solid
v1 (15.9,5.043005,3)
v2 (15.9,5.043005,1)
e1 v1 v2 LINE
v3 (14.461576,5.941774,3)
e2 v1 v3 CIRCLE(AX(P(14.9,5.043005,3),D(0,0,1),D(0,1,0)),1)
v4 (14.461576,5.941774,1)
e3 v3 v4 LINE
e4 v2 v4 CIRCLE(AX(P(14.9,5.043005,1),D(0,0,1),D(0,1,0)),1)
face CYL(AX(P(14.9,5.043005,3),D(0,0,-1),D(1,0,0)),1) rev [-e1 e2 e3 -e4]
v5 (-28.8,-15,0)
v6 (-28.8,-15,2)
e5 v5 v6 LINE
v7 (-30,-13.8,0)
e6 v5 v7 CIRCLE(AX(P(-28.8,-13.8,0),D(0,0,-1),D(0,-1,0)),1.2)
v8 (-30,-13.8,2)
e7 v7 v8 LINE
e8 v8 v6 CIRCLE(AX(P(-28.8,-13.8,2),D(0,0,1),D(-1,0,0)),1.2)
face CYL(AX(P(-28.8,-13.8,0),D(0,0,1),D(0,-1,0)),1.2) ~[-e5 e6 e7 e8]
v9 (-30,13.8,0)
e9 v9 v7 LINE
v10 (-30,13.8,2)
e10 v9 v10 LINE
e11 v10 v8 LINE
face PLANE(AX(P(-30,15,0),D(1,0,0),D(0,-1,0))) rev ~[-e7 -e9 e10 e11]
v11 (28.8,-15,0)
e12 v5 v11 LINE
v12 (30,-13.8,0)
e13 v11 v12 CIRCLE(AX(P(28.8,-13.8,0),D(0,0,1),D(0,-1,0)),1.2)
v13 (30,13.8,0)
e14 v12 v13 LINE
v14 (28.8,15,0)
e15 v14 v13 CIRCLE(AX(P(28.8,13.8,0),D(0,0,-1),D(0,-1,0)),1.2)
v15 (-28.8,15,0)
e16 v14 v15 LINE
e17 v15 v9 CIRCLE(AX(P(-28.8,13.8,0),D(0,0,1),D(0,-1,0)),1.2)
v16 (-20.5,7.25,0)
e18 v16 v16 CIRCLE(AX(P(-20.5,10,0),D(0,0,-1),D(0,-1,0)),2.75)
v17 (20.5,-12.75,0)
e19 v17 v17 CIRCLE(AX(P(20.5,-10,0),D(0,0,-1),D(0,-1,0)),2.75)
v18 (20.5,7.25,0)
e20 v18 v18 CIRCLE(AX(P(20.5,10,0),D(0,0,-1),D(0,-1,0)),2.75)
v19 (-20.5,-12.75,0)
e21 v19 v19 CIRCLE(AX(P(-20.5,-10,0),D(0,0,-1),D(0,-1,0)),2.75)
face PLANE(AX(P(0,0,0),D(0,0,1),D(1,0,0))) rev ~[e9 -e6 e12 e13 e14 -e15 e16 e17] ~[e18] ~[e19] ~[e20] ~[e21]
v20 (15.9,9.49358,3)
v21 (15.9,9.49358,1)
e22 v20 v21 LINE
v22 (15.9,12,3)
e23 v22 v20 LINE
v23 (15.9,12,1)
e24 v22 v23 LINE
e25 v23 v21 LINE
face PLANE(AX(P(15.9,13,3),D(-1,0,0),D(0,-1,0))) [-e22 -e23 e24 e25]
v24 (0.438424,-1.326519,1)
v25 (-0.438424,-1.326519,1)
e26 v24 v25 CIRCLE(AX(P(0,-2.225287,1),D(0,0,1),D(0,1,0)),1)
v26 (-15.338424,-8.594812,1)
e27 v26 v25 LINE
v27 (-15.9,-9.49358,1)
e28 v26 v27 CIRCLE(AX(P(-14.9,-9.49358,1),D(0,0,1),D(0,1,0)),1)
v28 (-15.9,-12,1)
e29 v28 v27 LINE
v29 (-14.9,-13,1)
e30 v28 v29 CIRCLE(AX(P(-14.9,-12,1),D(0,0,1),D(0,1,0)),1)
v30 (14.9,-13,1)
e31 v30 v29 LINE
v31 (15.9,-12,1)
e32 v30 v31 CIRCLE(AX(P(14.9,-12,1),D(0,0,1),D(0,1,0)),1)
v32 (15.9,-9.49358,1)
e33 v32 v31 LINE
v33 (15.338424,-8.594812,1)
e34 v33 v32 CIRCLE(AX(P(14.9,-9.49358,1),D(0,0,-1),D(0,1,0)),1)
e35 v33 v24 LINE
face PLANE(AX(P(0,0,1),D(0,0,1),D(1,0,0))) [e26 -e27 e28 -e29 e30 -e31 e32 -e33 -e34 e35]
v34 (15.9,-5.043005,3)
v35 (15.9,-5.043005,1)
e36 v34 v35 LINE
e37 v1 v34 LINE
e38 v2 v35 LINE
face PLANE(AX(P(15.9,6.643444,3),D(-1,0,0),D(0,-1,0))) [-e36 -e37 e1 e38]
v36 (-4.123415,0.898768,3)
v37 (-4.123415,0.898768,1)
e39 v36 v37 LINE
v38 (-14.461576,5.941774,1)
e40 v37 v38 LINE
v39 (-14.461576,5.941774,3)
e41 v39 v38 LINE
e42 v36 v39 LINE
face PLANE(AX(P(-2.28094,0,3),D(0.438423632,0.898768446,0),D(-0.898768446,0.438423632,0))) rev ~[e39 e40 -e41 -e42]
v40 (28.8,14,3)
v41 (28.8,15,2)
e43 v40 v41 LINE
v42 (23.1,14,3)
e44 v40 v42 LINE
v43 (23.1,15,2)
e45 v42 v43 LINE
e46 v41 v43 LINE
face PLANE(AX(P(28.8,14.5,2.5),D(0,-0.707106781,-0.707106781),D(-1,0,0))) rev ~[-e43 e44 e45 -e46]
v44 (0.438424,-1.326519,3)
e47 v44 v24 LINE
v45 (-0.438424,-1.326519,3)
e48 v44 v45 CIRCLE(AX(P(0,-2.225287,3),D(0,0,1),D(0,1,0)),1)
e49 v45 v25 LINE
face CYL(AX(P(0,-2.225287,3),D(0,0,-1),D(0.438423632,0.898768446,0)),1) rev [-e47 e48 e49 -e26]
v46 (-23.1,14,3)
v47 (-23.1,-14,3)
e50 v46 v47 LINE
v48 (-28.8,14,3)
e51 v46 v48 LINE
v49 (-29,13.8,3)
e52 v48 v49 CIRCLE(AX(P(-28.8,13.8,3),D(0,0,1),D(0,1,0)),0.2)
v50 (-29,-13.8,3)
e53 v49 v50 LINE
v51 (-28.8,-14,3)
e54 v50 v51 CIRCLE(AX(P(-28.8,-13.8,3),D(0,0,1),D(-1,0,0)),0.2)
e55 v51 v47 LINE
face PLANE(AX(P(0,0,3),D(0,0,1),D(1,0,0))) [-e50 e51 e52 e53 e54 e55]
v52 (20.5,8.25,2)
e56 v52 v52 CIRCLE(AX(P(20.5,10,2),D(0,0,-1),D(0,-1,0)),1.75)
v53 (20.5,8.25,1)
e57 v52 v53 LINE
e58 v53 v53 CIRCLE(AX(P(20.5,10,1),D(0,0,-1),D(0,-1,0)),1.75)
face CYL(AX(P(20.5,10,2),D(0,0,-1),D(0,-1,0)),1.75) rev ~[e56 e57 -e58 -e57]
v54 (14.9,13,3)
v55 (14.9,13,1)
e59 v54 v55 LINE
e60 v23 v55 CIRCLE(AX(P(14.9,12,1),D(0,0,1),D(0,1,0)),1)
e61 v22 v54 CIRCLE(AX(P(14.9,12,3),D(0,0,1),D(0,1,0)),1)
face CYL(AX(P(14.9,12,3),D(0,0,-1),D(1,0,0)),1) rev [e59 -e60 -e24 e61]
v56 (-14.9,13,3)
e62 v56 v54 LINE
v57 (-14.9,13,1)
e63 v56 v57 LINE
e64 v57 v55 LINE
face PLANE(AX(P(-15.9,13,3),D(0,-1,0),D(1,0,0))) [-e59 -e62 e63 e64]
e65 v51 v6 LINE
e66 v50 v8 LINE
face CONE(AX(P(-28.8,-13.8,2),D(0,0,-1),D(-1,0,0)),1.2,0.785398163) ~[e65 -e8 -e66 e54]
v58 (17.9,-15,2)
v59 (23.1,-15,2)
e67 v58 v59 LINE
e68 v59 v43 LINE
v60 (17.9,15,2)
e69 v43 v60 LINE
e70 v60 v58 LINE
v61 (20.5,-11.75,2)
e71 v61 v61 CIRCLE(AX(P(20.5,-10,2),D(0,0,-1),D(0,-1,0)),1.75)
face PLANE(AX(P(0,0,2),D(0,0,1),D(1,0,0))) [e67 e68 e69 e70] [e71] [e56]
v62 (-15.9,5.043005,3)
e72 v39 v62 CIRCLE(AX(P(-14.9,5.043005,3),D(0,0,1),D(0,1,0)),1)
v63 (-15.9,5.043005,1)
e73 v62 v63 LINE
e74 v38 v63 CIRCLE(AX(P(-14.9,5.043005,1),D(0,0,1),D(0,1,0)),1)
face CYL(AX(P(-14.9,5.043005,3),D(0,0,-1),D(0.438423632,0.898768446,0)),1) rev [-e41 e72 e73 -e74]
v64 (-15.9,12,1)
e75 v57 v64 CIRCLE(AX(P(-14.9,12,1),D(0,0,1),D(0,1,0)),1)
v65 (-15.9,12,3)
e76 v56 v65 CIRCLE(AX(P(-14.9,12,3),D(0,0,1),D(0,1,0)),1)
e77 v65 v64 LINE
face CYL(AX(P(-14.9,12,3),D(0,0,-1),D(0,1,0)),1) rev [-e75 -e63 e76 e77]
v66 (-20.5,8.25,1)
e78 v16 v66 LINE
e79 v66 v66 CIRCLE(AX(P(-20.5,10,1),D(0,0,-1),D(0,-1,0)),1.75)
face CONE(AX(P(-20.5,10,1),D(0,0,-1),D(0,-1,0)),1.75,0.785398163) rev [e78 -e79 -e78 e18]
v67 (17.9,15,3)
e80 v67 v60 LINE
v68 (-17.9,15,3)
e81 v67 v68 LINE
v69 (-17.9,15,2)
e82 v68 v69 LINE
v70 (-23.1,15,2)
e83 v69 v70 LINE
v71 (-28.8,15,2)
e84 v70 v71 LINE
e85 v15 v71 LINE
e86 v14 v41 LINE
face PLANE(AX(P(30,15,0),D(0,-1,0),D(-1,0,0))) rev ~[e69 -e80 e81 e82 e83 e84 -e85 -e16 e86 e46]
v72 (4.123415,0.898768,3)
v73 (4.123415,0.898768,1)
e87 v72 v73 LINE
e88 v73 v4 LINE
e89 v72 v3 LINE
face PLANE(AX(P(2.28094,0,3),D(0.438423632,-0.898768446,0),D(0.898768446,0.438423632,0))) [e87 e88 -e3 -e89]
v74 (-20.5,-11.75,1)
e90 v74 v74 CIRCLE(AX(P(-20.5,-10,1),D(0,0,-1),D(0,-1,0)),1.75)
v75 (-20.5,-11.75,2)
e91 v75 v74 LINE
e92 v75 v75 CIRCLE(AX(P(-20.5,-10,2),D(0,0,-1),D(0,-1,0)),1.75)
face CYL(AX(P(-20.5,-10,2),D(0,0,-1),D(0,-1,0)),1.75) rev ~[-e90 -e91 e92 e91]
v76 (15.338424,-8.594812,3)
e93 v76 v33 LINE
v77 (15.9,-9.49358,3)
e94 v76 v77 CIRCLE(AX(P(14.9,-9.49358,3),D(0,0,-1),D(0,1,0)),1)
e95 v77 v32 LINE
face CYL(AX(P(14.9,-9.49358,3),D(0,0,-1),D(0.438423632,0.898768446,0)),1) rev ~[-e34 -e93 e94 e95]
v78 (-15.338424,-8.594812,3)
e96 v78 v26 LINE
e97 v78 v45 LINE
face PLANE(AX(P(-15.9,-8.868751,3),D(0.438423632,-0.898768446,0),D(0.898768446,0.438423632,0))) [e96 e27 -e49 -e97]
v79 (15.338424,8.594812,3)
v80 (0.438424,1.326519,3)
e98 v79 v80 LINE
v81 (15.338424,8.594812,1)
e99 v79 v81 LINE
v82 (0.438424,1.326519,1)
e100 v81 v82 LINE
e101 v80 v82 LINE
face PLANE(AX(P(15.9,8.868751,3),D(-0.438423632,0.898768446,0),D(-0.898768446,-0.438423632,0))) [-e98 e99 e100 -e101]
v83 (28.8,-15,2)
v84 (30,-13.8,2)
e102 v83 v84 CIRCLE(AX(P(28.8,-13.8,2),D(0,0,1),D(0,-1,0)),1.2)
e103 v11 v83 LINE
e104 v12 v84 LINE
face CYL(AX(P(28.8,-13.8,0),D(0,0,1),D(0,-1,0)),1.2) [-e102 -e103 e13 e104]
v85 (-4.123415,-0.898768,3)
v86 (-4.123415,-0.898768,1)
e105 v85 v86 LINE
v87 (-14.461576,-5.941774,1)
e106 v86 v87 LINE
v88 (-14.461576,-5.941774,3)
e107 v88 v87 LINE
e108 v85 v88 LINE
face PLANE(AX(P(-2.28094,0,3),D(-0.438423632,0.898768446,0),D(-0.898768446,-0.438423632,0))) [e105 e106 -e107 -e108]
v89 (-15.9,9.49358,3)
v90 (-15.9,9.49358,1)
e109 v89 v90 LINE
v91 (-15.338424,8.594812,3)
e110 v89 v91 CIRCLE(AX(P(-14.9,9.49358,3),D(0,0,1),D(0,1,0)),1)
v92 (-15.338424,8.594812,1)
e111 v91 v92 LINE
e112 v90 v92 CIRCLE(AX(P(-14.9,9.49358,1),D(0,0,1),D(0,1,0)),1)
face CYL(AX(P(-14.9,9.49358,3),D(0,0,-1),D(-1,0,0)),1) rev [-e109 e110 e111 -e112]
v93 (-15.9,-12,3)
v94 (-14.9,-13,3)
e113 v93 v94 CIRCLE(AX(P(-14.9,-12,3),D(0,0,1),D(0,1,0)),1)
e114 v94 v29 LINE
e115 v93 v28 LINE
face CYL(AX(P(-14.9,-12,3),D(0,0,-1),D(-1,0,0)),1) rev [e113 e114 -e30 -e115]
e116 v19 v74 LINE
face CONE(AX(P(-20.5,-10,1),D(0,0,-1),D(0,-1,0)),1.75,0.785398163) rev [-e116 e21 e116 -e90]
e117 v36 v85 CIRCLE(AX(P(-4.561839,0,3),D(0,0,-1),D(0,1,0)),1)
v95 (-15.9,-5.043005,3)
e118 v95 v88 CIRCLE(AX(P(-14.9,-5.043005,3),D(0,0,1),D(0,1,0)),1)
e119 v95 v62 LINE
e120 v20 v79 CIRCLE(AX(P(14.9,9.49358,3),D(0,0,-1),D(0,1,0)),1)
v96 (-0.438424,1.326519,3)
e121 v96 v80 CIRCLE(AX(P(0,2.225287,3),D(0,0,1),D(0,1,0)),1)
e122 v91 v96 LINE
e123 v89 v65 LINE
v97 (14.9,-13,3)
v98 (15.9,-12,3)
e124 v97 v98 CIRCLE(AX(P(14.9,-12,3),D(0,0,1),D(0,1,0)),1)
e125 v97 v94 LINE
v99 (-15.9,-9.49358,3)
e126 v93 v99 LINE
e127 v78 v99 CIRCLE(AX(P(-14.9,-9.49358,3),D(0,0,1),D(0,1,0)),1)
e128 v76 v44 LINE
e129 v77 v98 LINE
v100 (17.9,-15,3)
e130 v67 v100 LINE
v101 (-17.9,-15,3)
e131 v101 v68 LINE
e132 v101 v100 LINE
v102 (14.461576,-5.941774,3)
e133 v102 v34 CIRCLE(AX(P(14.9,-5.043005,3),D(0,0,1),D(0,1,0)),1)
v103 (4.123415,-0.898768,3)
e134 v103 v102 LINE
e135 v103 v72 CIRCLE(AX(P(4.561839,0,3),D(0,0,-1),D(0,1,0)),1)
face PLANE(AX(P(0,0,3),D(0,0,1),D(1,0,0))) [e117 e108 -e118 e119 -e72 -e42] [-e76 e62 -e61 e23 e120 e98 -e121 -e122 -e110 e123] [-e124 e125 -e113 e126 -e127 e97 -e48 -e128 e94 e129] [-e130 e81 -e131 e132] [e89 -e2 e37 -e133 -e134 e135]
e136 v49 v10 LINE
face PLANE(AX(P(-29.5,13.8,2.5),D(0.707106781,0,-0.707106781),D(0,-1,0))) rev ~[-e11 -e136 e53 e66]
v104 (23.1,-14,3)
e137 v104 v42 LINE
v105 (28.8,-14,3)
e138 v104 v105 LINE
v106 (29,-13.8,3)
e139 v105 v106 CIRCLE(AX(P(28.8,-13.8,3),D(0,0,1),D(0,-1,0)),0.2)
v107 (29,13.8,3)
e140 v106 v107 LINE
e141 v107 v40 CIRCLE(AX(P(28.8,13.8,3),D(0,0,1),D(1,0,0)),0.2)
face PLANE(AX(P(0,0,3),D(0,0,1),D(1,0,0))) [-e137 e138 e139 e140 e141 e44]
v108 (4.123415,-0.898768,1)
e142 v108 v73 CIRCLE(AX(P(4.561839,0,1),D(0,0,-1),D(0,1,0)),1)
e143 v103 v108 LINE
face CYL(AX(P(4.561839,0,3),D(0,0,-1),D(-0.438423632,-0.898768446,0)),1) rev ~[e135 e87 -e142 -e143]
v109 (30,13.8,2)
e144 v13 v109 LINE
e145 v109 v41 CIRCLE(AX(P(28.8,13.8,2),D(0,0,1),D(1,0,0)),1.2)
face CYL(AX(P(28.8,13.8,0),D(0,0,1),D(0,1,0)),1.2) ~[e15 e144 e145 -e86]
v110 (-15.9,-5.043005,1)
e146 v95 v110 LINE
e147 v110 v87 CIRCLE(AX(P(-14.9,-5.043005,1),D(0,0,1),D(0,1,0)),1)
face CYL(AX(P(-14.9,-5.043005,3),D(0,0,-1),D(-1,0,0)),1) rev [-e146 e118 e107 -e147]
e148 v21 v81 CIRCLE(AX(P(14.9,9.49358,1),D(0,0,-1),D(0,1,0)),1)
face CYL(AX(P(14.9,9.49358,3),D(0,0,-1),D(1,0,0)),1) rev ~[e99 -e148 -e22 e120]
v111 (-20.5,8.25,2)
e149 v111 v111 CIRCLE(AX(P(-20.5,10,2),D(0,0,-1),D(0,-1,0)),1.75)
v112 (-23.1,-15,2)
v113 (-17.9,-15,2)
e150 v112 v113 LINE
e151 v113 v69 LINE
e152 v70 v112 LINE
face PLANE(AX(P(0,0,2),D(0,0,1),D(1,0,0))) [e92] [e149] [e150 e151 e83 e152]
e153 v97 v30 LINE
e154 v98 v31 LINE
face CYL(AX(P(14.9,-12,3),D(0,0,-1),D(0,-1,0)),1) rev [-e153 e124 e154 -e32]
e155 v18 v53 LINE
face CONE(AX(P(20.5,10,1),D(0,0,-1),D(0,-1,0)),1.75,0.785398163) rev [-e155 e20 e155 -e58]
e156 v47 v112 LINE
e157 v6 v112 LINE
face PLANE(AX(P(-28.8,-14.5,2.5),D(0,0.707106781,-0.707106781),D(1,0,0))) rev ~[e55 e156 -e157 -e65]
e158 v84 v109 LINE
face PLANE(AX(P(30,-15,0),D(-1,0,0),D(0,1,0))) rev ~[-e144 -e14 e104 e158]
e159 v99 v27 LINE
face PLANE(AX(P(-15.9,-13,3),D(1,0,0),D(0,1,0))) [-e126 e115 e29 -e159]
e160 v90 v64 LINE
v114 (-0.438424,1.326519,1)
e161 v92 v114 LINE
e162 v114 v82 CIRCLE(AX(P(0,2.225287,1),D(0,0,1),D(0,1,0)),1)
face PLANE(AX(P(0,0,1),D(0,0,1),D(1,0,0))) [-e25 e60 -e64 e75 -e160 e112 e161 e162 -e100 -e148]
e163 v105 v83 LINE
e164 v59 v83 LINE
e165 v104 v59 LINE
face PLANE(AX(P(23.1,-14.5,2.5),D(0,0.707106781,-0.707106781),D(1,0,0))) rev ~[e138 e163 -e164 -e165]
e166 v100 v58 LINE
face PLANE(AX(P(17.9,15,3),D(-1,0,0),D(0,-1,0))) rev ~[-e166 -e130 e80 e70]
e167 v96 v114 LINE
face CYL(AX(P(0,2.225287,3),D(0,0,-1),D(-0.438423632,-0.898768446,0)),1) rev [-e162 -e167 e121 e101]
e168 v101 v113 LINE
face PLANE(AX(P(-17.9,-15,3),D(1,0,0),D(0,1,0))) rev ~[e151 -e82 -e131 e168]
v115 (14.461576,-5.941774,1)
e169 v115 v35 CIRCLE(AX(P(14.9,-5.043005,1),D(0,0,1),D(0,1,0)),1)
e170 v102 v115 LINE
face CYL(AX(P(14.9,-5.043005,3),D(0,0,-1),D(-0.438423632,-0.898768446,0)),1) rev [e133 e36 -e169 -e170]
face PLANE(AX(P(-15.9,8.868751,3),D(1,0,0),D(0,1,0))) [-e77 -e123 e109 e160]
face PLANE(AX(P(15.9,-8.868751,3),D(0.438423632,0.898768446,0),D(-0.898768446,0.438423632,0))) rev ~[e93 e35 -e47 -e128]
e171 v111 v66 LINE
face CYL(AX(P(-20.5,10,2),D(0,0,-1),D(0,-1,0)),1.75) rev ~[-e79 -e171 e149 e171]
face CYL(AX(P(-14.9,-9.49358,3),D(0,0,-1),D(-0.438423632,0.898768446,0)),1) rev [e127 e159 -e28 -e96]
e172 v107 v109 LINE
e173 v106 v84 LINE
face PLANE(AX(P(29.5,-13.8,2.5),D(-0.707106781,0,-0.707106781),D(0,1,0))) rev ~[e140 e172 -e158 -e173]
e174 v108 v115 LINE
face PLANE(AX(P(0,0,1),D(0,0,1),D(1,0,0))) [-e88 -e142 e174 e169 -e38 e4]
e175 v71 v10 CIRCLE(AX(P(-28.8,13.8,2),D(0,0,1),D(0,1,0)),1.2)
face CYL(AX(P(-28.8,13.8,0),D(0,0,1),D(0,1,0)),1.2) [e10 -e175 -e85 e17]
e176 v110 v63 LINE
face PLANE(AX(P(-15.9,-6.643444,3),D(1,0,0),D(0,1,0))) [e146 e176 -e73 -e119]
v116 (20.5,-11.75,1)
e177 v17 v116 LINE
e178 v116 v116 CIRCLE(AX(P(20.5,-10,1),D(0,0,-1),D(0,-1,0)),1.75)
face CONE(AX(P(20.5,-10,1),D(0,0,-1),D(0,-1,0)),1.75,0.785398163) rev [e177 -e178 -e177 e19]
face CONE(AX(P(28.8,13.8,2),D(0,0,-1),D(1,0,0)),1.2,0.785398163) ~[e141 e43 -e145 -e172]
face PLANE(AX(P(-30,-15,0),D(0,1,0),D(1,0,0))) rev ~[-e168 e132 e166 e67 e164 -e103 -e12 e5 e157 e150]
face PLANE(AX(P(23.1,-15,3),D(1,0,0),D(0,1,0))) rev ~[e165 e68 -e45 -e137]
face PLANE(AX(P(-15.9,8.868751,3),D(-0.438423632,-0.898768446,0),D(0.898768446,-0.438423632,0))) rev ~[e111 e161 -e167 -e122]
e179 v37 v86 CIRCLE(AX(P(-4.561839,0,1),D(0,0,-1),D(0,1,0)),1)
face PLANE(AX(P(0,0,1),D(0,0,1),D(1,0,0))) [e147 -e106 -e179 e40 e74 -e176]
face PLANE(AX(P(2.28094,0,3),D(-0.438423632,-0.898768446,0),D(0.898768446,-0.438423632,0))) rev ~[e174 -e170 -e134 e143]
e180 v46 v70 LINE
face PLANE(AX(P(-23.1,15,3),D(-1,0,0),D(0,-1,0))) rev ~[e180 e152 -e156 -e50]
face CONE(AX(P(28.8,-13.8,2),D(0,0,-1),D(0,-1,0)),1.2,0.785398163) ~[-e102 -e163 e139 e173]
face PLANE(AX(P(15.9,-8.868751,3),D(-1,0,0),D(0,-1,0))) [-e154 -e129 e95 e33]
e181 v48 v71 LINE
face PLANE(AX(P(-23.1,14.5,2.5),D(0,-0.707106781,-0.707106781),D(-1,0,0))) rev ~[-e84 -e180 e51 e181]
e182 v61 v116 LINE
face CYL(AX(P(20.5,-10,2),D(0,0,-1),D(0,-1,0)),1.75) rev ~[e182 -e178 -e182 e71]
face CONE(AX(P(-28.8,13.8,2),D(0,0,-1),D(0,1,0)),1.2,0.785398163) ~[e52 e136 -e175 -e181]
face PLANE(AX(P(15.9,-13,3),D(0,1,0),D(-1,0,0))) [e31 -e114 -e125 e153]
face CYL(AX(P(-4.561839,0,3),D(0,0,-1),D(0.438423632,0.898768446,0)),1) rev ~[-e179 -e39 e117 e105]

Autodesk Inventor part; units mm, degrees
ref_plane "YZ Plane" through (0, 0, 0) normal (1, 0, 0) x (0, 1, 0)
ref_plane "XZ Plane" through (0, 0, 0) normal (0, 1, 0) x (-1, 0, 0)
ref_plane "XY Plane" through (0, 0, 0) normal (0, 0, 1) x (1, 0, 0)
sketch "スケッチ1" plane through (0, 0, 0) normal (0, 0, 1) x (1, 0, 0)
  line L0 (-30, -15) -> (30, -15)
  line L1 (30, -15) -> (30, 15)
  line L2 (30, 15) -> (-30, 15)
  line L3 (-30, 15) -> (-30, -15)
  line L4 (-30, -15) -> (30, 15) construction
  line L5 (30, -15) -> (-30, 15) construction
  point P0 (0, 0)
  dimension "d0" = 60
  dimension "d1" = 30
extrude "押し出し1" add sketch "スケッチ1" along normal blind 3
sketch "スケッチ2" plane through (0, 0, 3) normal (0, 0, 1) x (1, 0, 0)
  line L0 (30, 15) -> (-30, 15) projected
  line L1 (-30, -15) -> (30, -15) projected
  line L2 (-17.9, 15) -> (-23.1, 15)
  line L3 (-23.1, 15) -> (-23.1, -15)
  line L4 (-23.1, -15) -> (-17.9, -15)
  line L5 (-17.9, -15) -> (-17.9, 15)
  line L6 (17.9, -15) -> (23.1, -15)
  line L7 (23.1, -15) -> (23.1, 15)
  line L8 (23.1, 15) -> (17.9, 15)
  line L9 (17.9, 15) -> (17.9, -15)
  point P0 (0, 0)
  dimension "d4" = 5.2
  dimension "d5" = 5.2
  dimension "d6" = 17.9
  dimension "d7" = 17.9
extrude "押し出し2" cut sketch "スケッチ2" against normal blind 1 contours L7 L1 L9 L0 | L5 L1 L3 L0
sketch "スケッチ3" plane through (0, 0, 2) normal (0, 0, 1) x (1, 0, 0)
  line L0 (-23.1, 15) -> (-17.9, 15) projected
  line L1 (-17.9, -15) -> (-23.1, -15) projected
  line L2 (23.1, -15) -> (17.9, -15) projected
  line L3 (17.9, 15) -> (23.1, 15) projected
  line L4 (-20.5, 15) -> (-20.5, -15) construction
  line L5 (20.5, -15) -> (20.5, 15) construction
  point P0 (0, 0)
  point P1 (-20.5, 10)
  point P2 (-20.5, -10)
  point P3 (20.5, -10)
  point P4 (20.5, 10)
  dimension "d10" = 5
  dimension "d11" = 5
  dimension "d12" = 5
  dimension "d13" = 5
hole "穴1" at (-20.5, 10, 2) at (-20.5, -10, 2) at (20.5, -10, 2) at (20.5, 10, 2) direction (0, 0, -1) diameter 3.5 end through all
chamfer "面取り1" distance 1 angle 45 4 edges at (-20.5, -8.25, 0) (20.5, -8.25, 0) (-20.5, 11.75, 0) (20.5, 11.75, 0)
sketch "スケッチ4" plane through (0, 0, 3) normal (0, 0, 1) x (1, 0, 0)
  line L0 (17.9, -15) -> (17.9, 15) projected
  line L1 (17.9, 15) -> (-17.9, 15) projected
  line L2 (-17.9, 15) -> (-17.9, -15) projected
  line L3 (-17.9, -15) -> (17.9, -15) projected
  line L4 (-15.9, 13) -> (15.9, 13)
  line L5 (15.9, 13) -> (15.9, -13)
  line L6 (15.9, -13) -> (-15.9, -13)
  line L7 (-15.9, -13) -> (-15.9, 13)
  circle A0 centre (-20.5, 10) radius 1.75 projected
  circle A1 centre (20.5, -10) radius 1.75 projected
  circle A2 centre (20.5, 10) radius 1.75 projected
  circle A3 centre (-20.5, -10) radius 1.75 projected
  circle A4 centre (20.5, -10) radius 2.75 construction
  line L8 (-20.5, 10) -> (20.5, -10) construction
  line L9 (-20.5, -10) -> (20.5, 10) construction
  line L10 (-20.0616, -10.8988) -> (20.9384, 9.1012)
  line L11 (20.9384, 9.1012) -> (20.0616, 10.8988)
  line L12 (20.0616, 10.8988) -> (-20.9384, -9.1012)
  line L13 (-20.9384, -9.1012) -> (-20.0616, -10.8988)
  line L14 (-20.0616, -10.8988) -> (20.0616, 10.8988) construction
  line L15 (20.9384, 9.1012) -> (-20.9384, -9.1012) construction
  line L16 (20.0616, -10.8988) -> (-20.9384, 9.1012)
  line L17 (-20.9384, 9.1012) -> (-20.0616, 10.8988)
  line L18 (-20.0616, 10.8988) -> (20.9384, -9.1012)
  line L19 (20.9384, -9.1012) -> (20.0616, -10.8988)
  line L20 (20.0616, -10.8988) -> (-20.0616, 10.8988) construction
  line L21 (-20.9384, 9.1012) -> (20.9384, -9.1012) construction
  point P0 (0, 0)
  point P1 (15.9, -8.8687)
  point P2 (0, -1.1126)
  point P3 (-15.9, -8.8687)
  point P4 (2.2809, 0)
  point P5 (15.9, -6.6435)
  point P6 (15.9, 6.6435)
  point P7 (-2.2809, 0)
  point P8 (-15.9, 6.6435)
  point P9 (-15.9, -6.6435)
  point P10 (-15.9, 8.8687)
  point P11 (0, 1.1126)
  point P12 (15.9, 8.8687)
  dimension "d24" = 2
  dimension "d25" = 2
  dimension "d26" = 2
extrude "押し出し3" cut sketch "スケッチ4" against normal blind 2 contours L5 L6 L7 L10 L16 | L18 L10 L5 | L12 L7 L16 | L12 L18 L7 L4 L5
fillet "フィレット1" radius 1 16 edges at (-15.9, 6.6435, 2) (-15.9, -6.6435, 2) (-2.2809, 0, 2) (0, -1.1126, 2) (2.2809, 0, 2) (15.9, -6.6435, 2) (15.9, -8.8687, 2) (15.9, -13, 2) (-15.9, -13, 2) (-15.9, -8.8687, 2) (15.9, 6.6435, 2) (15.9, 8.8687, 2) (15.9, 13, 2) (-15.9, 13, 2) (-15.9, 8.8687, 2) (0, 1.1126, 2)
fillet "フィレット2" radius 1.2 4 edges at (-30, 15, 1.5) (-30, -15, 1.5) (30, -15, 1.5) (30, 15, 1.5)
chamfer "面取り2" distance 1 angle 45 10 edges at (-30, 0, 3) (-29.6485, -14.6485, 3) (-25.95, -15, 3) (-29.6485, 14.6485, 3) (-25.95, 15, 3) (30, 0, 3) (29.6485, 14.6485, 3) (25.95, 15, 3) (29.6485, -14.6485, 3) (25.95, -15, 3)
equation "\"d5\" = d4"
equation "\"d7\" = d6"
equation "\"d11\" = d10"
equation "\"d12\" = d10"
equation "\"d13\" = d10"
properties part number "3D_club_3D プリント"
